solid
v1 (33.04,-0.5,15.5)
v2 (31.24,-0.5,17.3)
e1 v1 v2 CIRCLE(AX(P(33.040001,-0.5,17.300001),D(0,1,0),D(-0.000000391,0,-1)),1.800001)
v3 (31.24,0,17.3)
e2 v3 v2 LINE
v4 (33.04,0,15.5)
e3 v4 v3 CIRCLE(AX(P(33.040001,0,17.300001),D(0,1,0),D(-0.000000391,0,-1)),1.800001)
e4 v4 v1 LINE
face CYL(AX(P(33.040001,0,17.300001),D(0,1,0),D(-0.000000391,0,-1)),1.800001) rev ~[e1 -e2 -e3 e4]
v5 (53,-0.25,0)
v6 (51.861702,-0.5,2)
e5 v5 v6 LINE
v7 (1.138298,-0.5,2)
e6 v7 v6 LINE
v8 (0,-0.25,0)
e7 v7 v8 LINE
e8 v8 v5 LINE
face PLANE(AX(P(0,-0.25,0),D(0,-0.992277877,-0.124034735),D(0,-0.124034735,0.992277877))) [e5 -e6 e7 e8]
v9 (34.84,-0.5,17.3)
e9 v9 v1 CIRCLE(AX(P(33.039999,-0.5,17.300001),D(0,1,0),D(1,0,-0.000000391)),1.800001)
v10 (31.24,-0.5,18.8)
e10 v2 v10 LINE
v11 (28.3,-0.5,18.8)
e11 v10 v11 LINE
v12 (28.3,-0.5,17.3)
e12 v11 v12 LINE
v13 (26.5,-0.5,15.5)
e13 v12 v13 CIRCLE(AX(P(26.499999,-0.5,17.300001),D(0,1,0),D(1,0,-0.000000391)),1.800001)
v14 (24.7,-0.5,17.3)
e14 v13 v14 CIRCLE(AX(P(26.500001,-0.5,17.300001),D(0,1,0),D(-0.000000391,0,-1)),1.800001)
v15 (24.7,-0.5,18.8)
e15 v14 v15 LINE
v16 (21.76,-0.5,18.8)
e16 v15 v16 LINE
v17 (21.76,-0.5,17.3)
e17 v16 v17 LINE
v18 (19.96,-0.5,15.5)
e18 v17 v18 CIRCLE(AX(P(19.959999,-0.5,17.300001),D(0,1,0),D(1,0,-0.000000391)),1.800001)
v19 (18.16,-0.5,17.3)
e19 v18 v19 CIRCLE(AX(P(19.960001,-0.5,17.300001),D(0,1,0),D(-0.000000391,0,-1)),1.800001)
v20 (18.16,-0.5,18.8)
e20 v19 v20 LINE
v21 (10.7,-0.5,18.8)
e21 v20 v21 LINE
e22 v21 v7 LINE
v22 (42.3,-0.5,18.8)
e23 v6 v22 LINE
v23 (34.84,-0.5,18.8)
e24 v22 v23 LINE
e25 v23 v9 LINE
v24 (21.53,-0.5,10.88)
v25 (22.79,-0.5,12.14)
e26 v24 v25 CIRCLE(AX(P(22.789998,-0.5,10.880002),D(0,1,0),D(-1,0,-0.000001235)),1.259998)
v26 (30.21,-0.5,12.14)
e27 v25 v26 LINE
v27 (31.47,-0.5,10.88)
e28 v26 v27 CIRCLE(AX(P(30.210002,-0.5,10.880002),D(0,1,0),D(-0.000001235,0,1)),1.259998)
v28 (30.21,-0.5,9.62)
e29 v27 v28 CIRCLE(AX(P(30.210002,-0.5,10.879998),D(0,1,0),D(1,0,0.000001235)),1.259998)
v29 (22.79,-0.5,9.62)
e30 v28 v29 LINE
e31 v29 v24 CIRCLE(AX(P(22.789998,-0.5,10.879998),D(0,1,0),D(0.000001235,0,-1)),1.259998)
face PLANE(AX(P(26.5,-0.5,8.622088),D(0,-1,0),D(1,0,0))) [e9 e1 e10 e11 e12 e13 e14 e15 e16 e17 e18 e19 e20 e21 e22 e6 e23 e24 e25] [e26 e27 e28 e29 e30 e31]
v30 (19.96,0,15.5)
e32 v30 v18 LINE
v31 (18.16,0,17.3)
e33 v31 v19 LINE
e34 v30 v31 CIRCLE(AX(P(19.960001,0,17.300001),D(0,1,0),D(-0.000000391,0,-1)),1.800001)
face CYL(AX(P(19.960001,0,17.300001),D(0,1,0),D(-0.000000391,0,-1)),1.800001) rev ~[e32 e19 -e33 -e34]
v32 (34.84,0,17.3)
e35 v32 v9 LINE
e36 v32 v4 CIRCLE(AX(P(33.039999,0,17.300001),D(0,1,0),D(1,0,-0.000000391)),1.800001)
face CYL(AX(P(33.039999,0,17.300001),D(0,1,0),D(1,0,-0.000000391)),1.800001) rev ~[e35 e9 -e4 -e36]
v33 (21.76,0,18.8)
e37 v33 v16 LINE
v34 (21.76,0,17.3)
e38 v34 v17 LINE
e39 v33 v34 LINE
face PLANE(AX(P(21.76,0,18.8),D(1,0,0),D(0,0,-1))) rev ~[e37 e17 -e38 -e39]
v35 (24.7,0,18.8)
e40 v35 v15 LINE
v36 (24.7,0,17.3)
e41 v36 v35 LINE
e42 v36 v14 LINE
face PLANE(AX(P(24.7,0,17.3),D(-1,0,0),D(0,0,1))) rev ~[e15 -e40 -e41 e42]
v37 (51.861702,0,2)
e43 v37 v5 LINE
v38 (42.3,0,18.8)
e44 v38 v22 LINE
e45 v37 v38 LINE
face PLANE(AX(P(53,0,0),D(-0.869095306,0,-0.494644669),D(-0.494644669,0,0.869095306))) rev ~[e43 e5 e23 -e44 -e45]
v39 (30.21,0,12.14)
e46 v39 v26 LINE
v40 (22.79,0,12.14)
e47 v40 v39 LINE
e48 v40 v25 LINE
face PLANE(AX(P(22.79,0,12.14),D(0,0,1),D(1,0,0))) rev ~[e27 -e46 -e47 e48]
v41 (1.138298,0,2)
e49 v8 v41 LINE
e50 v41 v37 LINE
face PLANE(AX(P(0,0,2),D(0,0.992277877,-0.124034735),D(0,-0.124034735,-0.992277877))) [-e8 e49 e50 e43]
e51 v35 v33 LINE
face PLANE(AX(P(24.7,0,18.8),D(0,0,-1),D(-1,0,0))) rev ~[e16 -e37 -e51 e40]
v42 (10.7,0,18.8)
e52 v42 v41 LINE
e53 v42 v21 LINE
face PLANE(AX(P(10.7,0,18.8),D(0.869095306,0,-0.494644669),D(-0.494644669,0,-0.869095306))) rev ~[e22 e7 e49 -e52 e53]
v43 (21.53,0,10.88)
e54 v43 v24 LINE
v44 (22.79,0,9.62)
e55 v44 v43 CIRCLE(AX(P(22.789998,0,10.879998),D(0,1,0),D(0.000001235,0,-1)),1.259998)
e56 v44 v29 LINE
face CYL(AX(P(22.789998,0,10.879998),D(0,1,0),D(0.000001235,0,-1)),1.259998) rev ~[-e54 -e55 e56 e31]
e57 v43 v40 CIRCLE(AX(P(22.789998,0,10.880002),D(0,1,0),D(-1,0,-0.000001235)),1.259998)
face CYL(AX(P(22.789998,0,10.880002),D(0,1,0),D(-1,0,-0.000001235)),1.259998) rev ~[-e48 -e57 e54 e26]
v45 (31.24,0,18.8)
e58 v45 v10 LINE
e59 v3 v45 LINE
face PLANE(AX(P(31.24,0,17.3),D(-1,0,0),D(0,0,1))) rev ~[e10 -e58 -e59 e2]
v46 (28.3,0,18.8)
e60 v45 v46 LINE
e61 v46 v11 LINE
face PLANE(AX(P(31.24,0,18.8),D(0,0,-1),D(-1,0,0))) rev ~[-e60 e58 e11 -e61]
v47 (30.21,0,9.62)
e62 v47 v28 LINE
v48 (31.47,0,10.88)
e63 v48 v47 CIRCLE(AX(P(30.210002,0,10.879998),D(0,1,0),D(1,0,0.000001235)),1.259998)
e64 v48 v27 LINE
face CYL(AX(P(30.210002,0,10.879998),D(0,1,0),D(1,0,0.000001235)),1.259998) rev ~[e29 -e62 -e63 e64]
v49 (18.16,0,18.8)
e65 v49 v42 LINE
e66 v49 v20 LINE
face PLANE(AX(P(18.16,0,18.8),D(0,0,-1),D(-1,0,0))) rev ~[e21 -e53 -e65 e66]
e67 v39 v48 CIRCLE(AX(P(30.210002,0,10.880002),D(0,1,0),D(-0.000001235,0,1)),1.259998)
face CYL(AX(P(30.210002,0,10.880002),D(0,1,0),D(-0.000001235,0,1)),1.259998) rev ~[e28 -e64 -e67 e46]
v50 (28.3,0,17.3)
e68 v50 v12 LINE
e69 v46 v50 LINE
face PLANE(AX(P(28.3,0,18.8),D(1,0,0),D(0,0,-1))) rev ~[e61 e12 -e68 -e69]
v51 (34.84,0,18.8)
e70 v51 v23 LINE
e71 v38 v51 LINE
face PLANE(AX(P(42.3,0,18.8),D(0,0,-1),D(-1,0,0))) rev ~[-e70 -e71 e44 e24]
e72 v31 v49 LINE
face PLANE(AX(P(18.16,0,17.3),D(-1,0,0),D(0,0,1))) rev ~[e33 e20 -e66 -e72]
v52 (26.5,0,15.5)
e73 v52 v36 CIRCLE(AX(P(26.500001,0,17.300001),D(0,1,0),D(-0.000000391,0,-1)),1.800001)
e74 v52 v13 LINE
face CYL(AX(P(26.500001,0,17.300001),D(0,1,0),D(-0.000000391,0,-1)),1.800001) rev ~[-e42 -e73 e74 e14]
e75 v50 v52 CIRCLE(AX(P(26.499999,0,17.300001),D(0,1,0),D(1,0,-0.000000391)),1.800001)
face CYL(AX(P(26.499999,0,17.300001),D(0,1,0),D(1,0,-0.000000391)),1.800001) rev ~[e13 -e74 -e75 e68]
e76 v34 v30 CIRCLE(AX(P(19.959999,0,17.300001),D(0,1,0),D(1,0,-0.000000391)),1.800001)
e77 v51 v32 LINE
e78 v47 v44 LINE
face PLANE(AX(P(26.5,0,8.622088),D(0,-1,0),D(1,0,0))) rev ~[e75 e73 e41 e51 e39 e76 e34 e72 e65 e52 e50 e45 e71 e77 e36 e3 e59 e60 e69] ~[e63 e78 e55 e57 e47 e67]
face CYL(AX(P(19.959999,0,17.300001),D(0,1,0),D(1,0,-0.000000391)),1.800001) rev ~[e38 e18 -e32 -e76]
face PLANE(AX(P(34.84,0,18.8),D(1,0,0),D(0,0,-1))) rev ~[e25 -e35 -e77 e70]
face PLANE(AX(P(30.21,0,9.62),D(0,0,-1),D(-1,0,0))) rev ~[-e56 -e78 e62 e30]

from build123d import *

# Parameters (mm, degrees)
F1_DEPTH = 0.5
F4_DEPTH = 53.001


with BuildPart() as f1:
    # F0 (on Front) → F1 (new body)
    with BuildSketch(Plane.XZ):
        with BuildLine():
            Line((10.7, 18.8), (0, 0))
            Line((0, 0), (53, 0))
            Line((53, 0), (42.3, 18.8))
            Line((42.3, 18.8), (34.84, 18.8))
            Line((34.84, 18.8), (34.84, 17.3))
            ThreePointArc((34.84, 17.3), (34.312792, 16.027208), (33.04, 15.5))
            ThreePointArc((33.04, 15.5), (31.767208, 16.027208), (31.24, 17.3))
            Line((31.24, 17.3), (31.24, 18.8))
            Line((31.24, 18.8), (28.3, 18.8))
            Line((28.3, 18.8), (28.3, 17.3))
            ThreePointArc((28.3, 17.3), (27.772792, 16.027208), (26.5, 15.5))
            ThreePointArc((26.5, 15.5), (25.227208, 16.027208), (24.7, 17.3))
            Line((24.7, 17.3), (24.7, 18.8))
            Line((24.7, 18.8), (21.76, 18.8))
            Line((21.76, 18.8), (21.76, 17.3))
            ThreePointArc((21.76, 17.3), (21.232792, 16.027208), (19.96, 15.5))
            ThreePointArc((19.96, 15.5), (18.687208, 16.027208), (18.16, 17.3))
            Line((18.16, 17.3), (18.16, 18.8))
            Line((18.16, 18.8), (10.7, 18.8))
        make_face()
        with BuildLine():
            ThreePointArc((21.53, 10.88), (21.899045, 11.770955), (22.79, 12.14))
            Line((22.79, 12.14), (30.21, 12.14))
            ThreePointArc((30.21, 12.14), (31.100955, 11.770955), (31.47, 10.88))
            ThreePointArc((31.47, 10.88), (31.100955, 9.989045), (30.21, 9.62))
            Line((30.21, 9.62), (22.79, 9.62))
            ThreePointArc((22.79, 9.62), (21.899045, 9.989045), (21.53, 10.88))
        make_face(mode=Mode.SUBTRACT)
    extrude(amount=F1_DEPTH)

    # F3 (on Right) → F4 (cut, through all)
    with BuildSketch(Plane.YZ):
        Polygon((0, 2), (-0.25, 0), (0, 0), align=None)
        Polygon((-0.5, 2), (-0.5, 0), (-0.25, 0), align=None)
    extrude(amount=F4_DEPTH, mode=Mode.SUBTRACT)


solid = f1.part
